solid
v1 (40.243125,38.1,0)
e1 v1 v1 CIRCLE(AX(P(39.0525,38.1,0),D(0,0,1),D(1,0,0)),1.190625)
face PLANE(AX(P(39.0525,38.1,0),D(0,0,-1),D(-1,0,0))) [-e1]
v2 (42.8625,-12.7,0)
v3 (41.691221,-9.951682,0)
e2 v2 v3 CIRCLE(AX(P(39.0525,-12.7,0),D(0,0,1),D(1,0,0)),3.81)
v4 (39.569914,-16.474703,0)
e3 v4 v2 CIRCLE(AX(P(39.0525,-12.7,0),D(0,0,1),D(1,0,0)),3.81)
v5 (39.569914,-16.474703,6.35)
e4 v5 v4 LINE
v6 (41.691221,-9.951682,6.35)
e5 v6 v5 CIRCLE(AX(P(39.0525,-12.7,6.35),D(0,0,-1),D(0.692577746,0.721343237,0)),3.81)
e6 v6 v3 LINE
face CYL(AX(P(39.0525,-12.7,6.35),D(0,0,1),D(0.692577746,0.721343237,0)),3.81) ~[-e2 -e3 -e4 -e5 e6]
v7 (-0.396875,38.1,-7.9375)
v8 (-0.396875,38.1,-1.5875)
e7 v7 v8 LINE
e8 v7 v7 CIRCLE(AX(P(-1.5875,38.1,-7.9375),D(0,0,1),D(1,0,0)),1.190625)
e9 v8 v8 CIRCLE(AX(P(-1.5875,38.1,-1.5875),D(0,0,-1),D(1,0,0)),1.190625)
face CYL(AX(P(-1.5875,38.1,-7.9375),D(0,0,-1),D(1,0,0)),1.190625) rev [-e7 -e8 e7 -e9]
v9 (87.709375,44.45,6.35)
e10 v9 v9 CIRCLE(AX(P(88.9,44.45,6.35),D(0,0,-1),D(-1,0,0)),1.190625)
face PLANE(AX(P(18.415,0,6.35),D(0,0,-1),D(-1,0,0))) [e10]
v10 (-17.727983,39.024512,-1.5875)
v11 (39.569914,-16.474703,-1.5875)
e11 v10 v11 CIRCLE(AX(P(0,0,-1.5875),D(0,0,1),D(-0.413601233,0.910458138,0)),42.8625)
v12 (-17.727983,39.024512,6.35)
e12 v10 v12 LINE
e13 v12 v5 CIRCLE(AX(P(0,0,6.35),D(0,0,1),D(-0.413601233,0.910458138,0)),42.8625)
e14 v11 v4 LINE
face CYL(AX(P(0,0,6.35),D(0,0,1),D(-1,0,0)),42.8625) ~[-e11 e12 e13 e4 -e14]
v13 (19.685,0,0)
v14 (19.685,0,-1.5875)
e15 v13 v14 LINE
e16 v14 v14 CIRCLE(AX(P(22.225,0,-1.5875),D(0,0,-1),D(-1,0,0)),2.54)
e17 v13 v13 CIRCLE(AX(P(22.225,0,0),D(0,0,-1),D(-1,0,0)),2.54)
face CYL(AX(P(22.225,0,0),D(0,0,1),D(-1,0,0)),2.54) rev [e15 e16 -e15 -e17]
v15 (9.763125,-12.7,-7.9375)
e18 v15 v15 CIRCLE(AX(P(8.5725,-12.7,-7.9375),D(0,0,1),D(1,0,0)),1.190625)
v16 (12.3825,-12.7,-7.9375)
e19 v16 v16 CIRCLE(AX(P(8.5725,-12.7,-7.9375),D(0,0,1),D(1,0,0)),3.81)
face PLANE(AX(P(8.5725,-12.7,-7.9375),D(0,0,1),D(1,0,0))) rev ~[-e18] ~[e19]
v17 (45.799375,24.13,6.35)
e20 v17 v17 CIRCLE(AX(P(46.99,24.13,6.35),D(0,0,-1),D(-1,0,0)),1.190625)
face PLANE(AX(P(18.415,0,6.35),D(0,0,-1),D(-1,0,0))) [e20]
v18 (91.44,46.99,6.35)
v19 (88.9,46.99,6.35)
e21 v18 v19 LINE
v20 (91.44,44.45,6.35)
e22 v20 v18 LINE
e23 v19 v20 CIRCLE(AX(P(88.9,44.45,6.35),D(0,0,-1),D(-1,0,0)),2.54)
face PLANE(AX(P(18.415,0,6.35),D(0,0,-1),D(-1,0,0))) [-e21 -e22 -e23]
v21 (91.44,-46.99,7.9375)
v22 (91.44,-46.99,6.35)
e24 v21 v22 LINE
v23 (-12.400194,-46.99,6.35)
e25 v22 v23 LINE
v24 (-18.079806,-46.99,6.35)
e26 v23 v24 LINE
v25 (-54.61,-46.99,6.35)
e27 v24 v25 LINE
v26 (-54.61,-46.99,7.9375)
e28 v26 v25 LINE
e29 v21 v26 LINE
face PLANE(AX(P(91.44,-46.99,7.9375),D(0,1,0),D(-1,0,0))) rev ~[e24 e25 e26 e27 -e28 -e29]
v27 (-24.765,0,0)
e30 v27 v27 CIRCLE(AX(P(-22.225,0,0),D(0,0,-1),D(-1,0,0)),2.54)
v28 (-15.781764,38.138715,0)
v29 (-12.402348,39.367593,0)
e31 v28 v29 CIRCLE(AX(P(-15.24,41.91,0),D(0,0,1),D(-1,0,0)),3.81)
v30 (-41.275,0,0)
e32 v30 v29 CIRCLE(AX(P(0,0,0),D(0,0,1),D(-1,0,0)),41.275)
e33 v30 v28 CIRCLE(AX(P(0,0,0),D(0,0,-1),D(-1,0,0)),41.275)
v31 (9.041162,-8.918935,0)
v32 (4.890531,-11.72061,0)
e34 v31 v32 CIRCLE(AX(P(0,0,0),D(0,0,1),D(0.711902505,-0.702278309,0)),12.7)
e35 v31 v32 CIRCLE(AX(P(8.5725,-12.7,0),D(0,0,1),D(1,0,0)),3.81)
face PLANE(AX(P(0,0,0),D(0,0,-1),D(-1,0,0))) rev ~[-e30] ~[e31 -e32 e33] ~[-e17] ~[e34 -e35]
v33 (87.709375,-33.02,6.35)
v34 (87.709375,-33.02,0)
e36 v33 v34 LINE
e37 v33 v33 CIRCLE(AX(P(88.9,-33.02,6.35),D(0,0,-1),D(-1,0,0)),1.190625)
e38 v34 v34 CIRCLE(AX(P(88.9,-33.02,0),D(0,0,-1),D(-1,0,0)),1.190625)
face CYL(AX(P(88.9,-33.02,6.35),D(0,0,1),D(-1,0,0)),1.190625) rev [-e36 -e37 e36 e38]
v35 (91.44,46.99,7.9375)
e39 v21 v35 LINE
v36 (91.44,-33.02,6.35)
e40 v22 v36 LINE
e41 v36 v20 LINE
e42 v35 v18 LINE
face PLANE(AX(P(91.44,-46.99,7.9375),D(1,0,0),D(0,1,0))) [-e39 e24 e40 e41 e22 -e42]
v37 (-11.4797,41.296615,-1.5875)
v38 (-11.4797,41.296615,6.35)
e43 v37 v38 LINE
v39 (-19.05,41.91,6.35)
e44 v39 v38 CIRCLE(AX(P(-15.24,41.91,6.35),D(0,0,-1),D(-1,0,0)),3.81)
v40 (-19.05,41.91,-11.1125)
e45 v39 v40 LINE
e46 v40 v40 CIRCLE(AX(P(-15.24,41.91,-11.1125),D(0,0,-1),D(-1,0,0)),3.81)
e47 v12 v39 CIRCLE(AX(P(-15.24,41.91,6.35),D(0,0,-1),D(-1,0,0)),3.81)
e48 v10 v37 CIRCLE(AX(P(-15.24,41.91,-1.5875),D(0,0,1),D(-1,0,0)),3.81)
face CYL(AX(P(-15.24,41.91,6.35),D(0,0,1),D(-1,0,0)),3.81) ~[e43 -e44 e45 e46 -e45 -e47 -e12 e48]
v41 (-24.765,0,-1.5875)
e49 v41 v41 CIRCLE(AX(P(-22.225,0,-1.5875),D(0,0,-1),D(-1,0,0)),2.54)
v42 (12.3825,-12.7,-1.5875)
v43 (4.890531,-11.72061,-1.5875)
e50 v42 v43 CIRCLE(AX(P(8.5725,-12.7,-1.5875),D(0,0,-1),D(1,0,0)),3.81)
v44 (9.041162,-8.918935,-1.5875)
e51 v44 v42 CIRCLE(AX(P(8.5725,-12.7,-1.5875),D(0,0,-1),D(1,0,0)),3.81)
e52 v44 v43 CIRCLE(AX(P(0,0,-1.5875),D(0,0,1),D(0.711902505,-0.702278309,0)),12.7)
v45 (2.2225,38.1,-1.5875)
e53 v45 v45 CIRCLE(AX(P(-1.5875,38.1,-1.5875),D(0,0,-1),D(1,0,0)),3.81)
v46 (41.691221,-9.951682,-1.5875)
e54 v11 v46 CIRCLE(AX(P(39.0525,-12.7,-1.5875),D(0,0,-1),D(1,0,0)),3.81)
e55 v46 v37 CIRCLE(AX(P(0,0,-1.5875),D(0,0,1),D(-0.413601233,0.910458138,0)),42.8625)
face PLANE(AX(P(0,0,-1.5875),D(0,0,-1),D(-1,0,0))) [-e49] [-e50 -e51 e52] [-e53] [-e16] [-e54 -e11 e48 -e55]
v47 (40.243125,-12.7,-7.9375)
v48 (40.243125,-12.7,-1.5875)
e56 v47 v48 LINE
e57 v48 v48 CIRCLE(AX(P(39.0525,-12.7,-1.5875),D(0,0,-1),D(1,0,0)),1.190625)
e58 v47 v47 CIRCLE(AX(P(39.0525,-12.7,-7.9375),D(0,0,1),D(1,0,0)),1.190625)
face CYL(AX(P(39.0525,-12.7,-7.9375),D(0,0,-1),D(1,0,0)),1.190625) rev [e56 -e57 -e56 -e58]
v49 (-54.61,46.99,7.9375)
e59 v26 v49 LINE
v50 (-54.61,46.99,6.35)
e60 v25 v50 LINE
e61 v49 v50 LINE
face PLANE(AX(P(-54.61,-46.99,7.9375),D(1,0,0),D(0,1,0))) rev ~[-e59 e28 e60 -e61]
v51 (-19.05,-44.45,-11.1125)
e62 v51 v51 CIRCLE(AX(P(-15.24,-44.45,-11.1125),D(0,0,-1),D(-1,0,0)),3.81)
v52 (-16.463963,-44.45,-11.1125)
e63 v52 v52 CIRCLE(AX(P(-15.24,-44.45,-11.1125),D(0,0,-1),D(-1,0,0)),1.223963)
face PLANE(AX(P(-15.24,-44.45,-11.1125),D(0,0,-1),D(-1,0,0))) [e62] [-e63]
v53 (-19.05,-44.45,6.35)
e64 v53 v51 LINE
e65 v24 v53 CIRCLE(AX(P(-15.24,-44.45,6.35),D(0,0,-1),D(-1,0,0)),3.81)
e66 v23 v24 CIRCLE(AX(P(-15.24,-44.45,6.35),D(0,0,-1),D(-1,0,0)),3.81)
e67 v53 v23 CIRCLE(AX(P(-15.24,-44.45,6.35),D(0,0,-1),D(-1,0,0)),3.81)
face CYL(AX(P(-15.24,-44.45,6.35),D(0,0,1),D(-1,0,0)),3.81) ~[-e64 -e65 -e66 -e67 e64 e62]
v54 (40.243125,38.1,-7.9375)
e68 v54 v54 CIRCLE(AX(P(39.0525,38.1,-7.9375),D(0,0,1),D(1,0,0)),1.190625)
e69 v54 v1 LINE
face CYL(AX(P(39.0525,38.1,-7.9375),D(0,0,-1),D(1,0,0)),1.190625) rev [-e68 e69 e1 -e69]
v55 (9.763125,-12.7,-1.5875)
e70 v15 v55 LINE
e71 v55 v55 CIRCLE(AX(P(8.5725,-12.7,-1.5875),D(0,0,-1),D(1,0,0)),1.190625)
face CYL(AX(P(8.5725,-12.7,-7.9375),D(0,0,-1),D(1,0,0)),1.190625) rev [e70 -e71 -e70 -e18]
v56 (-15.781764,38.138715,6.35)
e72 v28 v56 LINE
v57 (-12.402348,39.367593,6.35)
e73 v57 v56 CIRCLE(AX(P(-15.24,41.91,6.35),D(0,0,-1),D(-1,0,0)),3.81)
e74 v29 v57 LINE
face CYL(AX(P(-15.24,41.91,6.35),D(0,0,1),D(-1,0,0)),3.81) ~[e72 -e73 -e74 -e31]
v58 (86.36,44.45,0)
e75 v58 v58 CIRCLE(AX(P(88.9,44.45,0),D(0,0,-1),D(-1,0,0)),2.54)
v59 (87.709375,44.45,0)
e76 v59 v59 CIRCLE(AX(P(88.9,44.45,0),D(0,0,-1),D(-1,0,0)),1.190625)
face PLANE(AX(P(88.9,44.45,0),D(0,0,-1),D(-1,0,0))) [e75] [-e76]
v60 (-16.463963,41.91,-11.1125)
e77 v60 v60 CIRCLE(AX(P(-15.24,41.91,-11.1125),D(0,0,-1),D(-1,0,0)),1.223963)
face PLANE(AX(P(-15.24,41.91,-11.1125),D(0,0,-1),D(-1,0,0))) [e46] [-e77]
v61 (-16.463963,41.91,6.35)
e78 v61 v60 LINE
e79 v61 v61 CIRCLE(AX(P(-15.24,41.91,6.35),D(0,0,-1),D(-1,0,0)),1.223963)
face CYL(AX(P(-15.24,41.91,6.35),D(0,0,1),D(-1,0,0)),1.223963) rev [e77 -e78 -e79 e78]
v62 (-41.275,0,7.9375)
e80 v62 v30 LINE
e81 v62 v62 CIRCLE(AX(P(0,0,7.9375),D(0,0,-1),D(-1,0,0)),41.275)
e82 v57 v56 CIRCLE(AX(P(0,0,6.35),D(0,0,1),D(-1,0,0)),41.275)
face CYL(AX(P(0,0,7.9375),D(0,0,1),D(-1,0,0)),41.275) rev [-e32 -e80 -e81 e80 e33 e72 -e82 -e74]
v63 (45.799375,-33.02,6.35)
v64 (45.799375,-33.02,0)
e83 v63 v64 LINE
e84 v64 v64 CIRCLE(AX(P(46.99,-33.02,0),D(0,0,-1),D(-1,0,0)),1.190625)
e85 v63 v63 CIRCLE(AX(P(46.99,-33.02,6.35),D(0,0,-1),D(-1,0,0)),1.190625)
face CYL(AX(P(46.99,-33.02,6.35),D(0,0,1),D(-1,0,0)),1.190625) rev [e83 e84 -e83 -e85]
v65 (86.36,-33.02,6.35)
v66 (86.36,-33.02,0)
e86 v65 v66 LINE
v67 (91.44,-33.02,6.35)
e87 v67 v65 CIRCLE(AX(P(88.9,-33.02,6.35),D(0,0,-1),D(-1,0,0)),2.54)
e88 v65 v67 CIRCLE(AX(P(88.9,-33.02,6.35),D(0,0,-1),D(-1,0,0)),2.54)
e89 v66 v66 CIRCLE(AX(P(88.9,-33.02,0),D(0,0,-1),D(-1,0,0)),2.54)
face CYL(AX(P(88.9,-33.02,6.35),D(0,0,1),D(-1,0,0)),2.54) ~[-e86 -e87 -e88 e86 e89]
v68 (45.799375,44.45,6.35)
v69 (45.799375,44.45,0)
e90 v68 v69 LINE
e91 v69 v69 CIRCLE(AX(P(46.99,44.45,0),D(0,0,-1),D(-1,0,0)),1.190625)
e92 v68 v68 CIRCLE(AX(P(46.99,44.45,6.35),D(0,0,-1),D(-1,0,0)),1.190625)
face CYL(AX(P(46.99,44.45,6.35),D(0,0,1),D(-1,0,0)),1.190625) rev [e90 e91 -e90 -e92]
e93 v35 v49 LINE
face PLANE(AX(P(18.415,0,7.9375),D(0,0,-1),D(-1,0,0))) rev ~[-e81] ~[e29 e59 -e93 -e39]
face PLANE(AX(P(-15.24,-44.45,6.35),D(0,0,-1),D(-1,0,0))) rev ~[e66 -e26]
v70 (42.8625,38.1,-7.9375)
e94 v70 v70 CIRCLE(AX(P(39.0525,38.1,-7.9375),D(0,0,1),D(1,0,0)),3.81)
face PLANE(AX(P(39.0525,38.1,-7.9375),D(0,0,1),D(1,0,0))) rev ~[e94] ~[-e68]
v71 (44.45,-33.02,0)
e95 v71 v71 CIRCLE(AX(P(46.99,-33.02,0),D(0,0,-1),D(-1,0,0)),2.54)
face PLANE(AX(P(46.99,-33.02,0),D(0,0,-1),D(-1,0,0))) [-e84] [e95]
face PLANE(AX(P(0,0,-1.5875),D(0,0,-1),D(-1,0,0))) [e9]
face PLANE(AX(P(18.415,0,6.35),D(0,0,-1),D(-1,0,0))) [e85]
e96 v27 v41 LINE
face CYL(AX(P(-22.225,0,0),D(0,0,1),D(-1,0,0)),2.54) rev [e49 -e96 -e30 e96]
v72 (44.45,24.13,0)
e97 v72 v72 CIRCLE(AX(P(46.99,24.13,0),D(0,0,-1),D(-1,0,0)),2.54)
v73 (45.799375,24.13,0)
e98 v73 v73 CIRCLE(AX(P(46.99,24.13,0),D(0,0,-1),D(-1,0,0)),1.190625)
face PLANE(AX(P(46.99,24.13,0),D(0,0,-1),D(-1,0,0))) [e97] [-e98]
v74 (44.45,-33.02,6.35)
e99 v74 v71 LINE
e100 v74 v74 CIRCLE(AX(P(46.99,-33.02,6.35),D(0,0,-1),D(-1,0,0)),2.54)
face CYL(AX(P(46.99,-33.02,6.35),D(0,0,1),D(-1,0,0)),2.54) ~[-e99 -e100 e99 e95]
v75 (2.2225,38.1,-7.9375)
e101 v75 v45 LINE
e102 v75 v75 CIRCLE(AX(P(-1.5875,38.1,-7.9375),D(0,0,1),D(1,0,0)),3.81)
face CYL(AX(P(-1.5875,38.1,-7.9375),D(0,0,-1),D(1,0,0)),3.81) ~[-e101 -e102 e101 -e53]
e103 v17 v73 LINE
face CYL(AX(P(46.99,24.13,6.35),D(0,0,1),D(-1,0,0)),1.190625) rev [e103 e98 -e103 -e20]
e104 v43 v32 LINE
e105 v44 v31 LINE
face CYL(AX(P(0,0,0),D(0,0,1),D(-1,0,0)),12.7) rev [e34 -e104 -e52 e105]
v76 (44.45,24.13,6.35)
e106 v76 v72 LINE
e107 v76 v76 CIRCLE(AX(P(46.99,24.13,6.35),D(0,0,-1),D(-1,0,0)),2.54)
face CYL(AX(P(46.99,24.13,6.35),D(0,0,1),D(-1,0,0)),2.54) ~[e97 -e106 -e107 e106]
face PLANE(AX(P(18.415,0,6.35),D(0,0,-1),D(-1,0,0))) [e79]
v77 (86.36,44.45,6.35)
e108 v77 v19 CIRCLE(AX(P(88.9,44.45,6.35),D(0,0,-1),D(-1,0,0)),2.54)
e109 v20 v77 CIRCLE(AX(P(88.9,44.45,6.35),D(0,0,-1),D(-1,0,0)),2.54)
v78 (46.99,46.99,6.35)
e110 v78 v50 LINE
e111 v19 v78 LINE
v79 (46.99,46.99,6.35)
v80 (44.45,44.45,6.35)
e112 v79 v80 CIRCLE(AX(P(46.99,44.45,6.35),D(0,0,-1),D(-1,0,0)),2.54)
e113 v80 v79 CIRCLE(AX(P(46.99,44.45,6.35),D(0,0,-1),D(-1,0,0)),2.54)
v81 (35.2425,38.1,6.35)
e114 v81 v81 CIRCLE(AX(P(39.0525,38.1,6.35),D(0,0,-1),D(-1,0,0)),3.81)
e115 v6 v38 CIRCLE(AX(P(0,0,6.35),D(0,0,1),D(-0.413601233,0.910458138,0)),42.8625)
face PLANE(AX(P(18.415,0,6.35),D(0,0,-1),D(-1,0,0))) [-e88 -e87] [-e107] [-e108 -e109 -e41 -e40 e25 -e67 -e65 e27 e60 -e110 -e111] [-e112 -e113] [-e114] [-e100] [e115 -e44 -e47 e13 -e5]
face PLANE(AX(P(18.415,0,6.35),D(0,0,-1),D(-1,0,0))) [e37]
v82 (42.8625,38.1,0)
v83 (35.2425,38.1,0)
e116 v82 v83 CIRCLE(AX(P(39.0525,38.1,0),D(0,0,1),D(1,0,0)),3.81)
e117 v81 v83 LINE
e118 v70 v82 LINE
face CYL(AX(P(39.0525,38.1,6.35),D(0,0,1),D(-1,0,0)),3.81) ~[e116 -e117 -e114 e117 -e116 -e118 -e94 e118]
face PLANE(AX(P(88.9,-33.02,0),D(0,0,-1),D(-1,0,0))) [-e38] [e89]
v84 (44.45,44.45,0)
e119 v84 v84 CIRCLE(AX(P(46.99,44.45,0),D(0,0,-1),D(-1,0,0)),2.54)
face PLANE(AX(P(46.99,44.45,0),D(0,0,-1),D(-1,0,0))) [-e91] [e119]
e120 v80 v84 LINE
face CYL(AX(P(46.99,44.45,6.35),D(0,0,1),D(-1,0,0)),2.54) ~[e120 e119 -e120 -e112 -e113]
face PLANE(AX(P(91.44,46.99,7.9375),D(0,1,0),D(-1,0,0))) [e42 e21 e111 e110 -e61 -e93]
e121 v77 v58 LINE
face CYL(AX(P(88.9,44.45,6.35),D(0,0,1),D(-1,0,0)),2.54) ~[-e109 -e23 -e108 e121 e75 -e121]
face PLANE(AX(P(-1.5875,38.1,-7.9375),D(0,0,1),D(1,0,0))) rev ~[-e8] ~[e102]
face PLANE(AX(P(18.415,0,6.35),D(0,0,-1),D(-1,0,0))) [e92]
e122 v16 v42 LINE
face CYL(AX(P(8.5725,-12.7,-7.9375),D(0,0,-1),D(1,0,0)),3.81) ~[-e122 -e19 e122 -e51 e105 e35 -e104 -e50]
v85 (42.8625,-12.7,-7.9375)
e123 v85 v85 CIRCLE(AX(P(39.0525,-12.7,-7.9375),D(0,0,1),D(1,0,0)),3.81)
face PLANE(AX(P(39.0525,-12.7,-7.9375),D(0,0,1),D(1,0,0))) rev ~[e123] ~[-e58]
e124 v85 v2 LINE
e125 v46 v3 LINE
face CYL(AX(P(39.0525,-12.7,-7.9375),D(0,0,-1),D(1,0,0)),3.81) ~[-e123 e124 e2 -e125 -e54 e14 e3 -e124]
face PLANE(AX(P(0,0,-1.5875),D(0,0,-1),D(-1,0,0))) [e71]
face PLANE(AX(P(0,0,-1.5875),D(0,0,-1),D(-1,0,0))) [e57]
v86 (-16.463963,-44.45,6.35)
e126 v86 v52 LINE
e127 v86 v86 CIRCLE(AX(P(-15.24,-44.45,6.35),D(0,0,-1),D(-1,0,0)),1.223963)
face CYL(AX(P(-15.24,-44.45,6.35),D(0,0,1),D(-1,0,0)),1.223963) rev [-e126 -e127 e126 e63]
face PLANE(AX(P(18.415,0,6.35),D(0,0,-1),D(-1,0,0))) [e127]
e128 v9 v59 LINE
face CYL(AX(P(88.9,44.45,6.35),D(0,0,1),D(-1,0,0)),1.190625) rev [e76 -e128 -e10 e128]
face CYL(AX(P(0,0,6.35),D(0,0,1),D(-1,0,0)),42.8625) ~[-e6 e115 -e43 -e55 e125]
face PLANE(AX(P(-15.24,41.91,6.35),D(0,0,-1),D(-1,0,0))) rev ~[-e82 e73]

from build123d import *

# Parameters (mm, degrees)
SKETCH1_W                       = 146.05
SKETCH1_H                       = 93.98
SKETCH1_R                       = 41.275
MAIN_DEPTH                      = 1.5875
SKETCH2_R                       = 41.275
SKETCH2_R_2                     = 2.54
SKETCH2_R_3                     = 12.7
DISK_TOP_DEPTH                  = 1.5875
RAISED_START                    = -7.9375
SKETCH3_R                       = 42.8625
SKETCH3_R_2                     = 41.275
RAISED_DISK_DEPTH               = 7.9375
SKETCH4_R                       = 3.81
SKETCH4_R_2                     = 1.2239625
SS_RELAY_MOUNTING_POSTS_DEPTH   = 17.4625
SKETCH5_R                       = 2.54
SKETCH5_R_2                     = 1.190625
MECH_RELAY_MOUNTING_POSTS_DEPTH = 6.35
SKETCH6_R                       = 3.81
SKETCH6_R_2                     = 1.190625
ARDUINO_MOUNTING_1_DEPTH        = 7.9375
SKETCH7_R                       = 3.81
ARDUINO_MOUNTING_2_DEPTH        = 6.35


with BuildPart() as part:
    # Sketch1 → main (new body)
    with BuildSketch(Plane(origin=(0, 0, 7.9375), x_dir=(-1, 0, 0), z_dir=(0, 0, -1))):
        with Locations((-18.415, 0)):
            Rectangle(SKETCH1_W, SKETCH1_H)
        Circle(SKETCH1_R, mode=Mode.SUBTRACT)
    extrude(amount=MAIN_DEPTH)



with BuildPart() as body_2:
    # Sketch2 → disk top (new body)
    with BuildSketch(Plane(origin=(0, 0, 0), x_dir=(-1, 0, 0), z_dir=(0, 0, -1))):
        Circle(SKETCH2_R)
        with Locations((22.225, 0)):
            Circle(SKETCH2_R_2, mode=Mode.SUBTRACT)
        with Locations((-22.225, 0)):
            Circle(SKETCH2_R_2, mode=Mode.SUBTRACT)
        Circle(SKETCH2_R_3, mode=Mode.SUBTRACT)
    extrude(amount=DISK_TOP_DEPTH)


with BuildPart() as part_1:
    add(part.part)

    add(body_2.part)  # raised disk merges body 2
    # Sketch3 → raised disk (add)
    with BuildSketch(Plane(origin=(0, 0, -1.5875), x_dir=(-1, 0, 0), z_dir=(0, 0, -1)).offset(RAISED_START)):
        Circle(SKETCH3_R)
        Circle(SKETCH3_R_2, mode=Mode.SUBTRACT)
    extrude(amount=RAISED_DISK_DEPTH)

    # Sketch4 → SS relay mounting posts (add)
    with BuildSketch(Plane(origin=(0, 0, 6.35), x_dir=(-1, 0, 0), z_dir=(0, 0, -1))):
        with Locations((15.24, 41.91)):
            Circle(SKETCH4_R)
        with Locations((15.24, 41.91)):
            Circle(SKETCH4_R_2, mode=Mode.SUBTRACT)
        with Locations((15.24, -44.45)):
            Circle(SKETCH4_R)
        with Locations((15.24, -44.45)):
            Circle(SKETCH4_R_2, mode=Mode.SUBTRACT)
    extrude(amount=SS_RELAY_MOUNTING_POSTS_DEPTH)

    # Sketch5 → mech relay mounting posts (add)
    with BuildSketch(Plane(origin=(0, 0, 6.35), x_dir=(-1, 0, 0), z_dir=(0, 0, -1))):
        with Locations((-46.99, 44.45)):
            Circle(SKETCH5_R)
        with Locations((-46.99, 44.45)):
            Circle(SKETCH5_R_2, mode=Mode.SUBTRACT)
        with Locations((-88.9, 44.45)):
            Circle(SKETCH5_R)
        with Locations((-88.9, 44.45)):
            Circle(SKETCH5_R_2, mode=Mode.SUBTRACT)
        with Locations((-46.99, 24.13)):
            Circle(SKETCH5_R)
        with Locations((-46.99, 24.13)):
            Circle(SKETCH5_R_2, mode=Mode.SUBTRACT)
        with Locations((-46.99, -33.02)):
            Circle(SKETCH5_R)
        with Locations((-46.99, -33.02)):
            Circle(SKETCH5_R_2, mode=Mode.SUBTRACT)
        with Locations((-88.9, -33.02)):
            Circle(SKETCH5_R)
        with Locations((-88.9, -33.02)):
            Circle(SKETCH5_R_2, mode=Mode.SUBTRACT)
    extrude(amount=MECH_RELAY_MOUNTING_POSTS_DEPTH)

    # Sketch6 → Arduino mounting 1 (add)
    with BuildSketch(Plane.XY.offset(-7.9375)):
        with Locations((39.0525, 38.1)):
            Circle(SKETCH6_R)
        with Locations((39.0525, 38.1)):
            Circle(SKETCH6_R_2, mode=Mode.SUBTRACT)
        with Locations((-1.5875, 38.1)):
            Circle(SKETCH6_R)
        with Locations((-1.5875, 38.1)):
            Circle(SKETCH6_R_2, mode=Mode.SUBTRACT)
        with Locations((8.5725, -12.7)):
            Circle(SKETCH6_R)
        with Locations((8.5725, -12.7)):
            Circle(SKETCH6_R_2, mode=Mode.SUBTRACT)
        with Locations((39.0525, -12.7)):
            Circle(SKETCH6_R)
        with Locations((39.0525, -12.7)):
            Circle(SKETCH6_R_2, mode=Mode.SUBTRACT)
    extrude(amount=ARDUINO_MOUNTING_1_DEPTH)

    # Sketch7 → Arduino mounting 2 (add)
    with BuildSketch(Plane(origin=(0, 0, 6.35), x_dir=(-1, 0, 0), z_dir=(0, 0, -1))):
        with Locations((-39.0525, 38.1)):
            Circle(SKETCH7_R)
        with BuildLine():
            Line((-39.569913642, -16.474703051), (-41.691221214, -9.951682268))
            ThreePointArc((-41.691221214, -9.951682268), (-42.675723267, -13.878283989), (-39.569913642, -16.474703051))
        make_face()
    extrude(amount=ARDUINO_MOUNTING_2_DEPTH)


solid = part_1.part
